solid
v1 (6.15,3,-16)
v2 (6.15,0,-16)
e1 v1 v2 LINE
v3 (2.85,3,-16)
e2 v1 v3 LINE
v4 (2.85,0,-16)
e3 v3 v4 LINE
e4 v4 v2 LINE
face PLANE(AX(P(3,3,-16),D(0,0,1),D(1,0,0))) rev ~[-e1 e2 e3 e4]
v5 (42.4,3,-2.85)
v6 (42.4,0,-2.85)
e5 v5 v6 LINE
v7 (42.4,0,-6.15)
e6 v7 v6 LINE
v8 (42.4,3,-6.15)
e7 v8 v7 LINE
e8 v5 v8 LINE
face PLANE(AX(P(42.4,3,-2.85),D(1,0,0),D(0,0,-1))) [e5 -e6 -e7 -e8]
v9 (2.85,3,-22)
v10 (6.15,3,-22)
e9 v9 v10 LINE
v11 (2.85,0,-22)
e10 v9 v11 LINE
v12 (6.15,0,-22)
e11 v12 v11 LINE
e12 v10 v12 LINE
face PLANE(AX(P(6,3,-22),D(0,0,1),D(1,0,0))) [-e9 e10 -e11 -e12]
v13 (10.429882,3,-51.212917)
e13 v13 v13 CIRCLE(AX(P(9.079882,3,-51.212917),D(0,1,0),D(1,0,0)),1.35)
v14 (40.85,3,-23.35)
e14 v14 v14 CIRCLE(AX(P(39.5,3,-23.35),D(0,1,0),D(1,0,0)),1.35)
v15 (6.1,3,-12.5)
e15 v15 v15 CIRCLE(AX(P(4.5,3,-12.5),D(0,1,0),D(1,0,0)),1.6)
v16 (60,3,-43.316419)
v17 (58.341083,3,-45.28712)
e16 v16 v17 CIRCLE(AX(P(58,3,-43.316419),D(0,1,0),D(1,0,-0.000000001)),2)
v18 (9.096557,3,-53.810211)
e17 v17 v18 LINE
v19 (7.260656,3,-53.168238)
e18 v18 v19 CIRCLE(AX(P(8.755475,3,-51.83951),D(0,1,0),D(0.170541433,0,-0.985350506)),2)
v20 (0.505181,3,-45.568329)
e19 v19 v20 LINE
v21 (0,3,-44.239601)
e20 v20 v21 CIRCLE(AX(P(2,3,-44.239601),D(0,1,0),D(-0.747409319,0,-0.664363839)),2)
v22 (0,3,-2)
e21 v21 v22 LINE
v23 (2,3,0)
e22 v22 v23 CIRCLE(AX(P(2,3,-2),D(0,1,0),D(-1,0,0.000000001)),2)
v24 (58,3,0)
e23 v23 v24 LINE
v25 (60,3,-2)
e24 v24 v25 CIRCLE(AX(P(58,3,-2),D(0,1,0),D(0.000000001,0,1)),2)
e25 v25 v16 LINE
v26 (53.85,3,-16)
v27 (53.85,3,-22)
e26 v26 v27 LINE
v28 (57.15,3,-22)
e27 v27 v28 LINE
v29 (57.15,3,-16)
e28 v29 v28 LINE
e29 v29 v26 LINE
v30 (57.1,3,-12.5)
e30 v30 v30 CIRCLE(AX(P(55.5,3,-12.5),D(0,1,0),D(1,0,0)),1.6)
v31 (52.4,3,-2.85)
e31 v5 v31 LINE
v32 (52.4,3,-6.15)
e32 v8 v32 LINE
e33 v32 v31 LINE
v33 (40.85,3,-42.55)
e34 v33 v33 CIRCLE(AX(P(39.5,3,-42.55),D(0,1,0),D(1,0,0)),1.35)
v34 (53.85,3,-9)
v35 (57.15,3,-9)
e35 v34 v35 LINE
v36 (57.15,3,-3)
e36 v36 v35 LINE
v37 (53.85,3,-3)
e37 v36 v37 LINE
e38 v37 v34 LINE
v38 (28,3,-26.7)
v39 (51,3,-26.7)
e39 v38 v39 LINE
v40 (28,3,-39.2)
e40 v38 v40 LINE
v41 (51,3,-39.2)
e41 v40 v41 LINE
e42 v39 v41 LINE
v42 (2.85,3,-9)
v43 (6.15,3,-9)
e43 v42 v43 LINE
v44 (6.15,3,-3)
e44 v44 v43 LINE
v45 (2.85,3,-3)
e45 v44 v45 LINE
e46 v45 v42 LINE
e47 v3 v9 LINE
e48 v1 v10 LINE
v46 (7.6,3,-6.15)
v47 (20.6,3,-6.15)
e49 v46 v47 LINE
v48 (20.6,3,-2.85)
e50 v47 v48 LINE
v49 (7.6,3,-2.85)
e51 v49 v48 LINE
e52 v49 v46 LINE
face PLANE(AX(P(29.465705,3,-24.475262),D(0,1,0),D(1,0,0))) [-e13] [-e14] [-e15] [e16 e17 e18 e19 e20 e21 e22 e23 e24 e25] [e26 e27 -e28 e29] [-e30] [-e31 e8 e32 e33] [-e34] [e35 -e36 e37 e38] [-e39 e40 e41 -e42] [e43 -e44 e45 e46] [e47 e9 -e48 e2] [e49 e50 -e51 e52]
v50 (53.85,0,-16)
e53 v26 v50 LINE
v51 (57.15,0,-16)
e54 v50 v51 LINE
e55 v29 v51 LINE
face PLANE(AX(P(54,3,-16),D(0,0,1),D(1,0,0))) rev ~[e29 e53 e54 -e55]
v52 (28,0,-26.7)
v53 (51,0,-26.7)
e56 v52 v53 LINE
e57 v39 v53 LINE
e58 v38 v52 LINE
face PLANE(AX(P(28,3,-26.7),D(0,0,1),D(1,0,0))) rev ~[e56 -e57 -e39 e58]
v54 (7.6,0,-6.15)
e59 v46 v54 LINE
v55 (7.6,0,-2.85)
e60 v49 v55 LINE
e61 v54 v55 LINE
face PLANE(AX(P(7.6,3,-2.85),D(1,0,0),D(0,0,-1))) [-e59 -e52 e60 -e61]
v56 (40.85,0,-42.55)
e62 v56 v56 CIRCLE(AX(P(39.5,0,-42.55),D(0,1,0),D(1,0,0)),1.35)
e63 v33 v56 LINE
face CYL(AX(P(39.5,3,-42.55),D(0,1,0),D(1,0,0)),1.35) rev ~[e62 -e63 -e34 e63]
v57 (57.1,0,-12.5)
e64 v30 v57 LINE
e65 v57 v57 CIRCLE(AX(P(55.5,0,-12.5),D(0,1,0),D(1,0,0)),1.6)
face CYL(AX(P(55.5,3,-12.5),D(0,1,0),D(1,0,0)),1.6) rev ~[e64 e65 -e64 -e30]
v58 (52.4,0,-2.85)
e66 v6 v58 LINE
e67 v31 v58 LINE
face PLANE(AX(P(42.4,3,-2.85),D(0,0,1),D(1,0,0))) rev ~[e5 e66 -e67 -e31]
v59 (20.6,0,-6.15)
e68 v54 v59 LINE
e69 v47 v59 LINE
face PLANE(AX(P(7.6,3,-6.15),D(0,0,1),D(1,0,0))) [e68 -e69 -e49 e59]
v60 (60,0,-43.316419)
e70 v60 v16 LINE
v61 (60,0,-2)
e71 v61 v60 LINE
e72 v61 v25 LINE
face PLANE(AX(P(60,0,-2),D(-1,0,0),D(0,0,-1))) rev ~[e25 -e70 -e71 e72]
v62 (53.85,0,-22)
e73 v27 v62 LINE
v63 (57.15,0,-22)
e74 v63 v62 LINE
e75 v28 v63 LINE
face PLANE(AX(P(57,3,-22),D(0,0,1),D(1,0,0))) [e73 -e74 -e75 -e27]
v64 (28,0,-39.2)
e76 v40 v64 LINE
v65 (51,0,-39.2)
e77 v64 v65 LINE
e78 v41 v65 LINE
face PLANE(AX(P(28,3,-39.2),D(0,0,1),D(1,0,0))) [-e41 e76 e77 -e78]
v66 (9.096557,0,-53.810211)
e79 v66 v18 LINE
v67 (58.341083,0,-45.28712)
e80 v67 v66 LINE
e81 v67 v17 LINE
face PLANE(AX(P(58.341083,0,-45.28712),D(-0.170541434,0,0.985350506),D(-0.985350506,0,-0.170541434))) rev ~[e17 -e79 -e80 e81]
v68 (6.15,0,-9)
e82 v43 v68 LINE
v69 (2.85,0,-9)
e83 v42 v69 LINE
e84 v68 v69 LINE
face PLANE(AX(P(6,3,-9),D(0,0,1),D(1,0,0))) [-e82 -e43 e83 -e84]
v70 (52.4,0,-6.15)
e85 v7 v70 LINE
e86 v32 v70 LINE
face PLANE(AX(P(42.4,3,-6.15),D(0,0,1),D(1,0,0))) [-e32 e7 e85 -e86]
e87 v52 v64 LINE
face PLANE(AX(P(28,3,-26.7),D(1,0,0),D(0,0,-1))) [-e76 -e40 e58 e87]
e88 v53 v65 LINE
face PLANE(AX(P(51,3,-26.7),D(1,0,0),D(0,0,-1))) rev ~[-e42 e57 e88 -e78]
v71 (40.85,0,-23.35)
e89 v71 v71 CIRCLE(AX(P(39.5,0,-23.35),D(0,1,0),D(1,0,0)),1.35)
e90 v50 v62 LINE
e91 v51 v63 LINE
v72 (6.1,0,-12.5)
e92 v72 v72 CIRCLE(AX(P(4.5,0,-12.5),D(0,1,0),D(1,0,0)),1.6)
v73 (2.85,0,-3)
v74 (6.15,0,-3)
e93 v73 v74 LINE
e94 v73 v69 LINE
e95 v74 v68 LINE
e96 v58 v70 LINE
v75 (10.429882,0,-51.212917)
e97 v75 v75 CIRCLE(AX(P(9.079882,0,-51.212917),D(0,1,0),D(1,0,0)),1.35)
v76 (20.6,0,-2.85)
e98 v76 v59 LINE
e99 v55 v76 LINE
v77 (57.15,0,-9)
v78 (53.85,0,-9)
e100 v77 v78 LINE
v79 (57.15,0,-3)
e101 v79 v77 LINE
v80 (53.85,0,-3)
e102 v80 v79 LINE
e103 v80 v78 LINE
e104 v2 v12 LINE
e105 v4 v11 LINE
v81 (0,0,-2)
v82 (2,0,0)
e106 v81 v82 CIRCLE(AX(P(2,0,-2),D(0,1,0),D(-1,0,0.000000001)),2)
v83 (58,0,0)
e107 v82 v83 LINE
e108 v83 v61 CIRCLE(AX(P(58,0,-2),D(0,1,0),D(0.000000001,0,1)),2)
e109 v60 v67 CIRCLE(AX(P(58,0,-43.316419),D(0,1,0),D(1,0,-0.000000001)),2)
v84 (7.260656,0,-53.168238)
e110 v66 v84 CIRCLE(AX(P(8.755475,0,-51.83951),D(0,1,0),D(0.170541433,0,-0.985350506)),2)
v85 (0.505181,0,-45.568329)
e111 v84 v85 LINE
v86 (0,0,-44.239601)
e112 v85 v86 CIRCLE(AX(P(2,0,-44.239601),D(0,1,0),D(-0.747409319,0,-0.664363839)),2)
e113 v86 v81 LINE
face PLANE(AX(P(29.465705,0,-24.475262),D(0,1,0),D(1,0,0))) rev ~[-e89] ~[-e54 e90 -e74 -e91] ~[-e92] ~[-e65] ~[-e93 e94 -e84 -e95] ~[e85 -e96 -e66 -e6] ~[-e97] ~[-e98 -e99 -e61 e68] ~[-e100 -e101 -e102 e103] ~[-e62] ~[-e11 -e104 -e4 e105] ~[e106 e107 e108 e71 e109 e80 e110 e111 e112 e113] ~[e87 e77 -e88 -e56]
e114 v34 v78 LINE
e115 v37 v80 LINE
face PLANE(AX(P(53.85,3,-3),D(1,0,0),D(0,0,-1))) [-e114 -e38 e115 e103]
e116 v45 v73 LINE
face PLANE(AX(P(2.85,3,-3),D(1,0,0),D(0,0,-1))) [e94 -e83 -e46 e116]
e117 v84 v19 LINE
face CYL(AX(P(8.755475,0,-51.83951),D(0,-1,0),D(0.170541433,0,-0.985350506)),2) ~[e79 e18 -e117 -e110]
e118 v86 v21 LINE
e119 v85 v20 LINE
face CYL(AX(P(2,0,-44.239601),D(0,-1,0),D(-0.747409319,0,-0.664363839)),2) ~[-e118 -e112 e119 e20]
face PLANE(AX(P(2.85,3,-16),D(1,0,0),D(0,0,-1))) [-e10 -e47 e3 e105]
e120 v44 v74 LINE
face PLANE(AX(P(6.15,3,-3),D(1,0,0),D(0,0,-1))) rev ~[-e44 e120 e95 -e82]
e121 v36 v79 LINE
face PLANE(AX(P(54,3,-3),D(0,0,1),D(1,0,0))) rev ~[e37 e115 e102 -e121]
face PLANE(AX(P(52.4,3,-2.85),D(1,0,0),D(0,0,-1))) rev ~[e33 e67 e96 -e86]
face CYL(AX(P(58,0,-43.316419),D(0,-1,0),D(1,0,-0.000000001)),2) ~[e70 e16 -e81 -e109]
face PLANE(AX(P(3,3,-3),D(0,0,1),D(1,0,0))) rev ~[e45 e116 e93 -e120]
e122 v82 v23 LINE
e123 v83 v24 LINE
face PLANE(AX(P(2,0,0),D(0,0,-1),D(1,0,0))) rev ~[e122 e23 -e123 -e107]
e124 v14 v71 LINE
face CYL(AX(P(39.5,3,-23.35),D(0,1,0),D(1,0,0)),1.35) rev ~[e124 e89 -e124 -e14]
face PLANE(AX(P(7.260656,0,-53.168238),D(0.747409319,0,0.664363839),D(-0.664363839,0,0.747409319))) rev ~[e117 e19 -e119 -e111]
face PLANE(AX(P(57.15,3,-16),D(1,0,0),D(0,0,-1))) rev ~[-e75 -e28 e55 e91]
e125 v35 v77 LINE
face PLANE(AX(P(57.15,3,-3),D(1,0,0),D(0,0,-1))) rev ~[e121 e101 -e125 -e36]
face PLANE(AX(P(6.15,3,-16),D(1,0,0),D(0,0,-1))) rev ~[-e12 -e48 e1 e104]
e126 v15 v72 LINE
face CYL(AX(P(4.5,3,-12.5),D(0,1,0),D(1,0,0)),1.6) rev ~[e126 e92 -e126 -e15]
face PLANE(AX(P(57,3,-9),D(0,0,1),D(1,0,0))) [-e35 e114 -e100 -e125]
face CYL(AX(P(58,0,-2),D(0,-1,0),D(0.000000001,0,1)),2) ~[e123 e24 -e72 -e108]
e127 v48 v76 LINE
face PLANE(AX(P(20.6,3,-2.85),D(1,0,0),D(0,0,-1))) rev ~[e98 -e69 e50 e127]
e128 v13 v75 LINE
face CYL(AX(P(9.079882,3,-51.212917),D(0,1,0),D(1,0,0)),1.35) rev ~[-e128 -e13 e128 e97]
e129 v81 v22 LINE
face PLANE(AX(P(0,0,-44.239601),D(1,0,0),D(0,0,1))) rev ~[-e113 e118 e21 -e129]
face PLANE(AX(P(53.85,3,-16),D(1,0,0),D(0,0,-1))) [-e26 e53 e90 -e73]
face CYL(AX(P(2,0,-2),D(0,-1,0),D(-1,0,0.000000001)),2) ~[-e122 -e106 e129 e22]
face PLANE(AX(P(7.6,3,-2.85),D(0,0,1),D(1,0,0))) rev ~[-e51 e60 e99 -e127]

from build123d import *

# Parameters (mm, degrees)
BOSS_EXTRUDE1_DEPTH = 3
SKETCH2_R           = 1.35
SKETCH2_R_2         = 1.6
SKETCH2_W           = 3
SKETCH2_H           = 6
SKETCH2_W_2         = 13
SKETCH2_H_2         = 3
SKETCH2_W_3         = 10
SKETCH2_W_4         = 23
SKETCH2_H_3         = 12.5
MAIN_HOLES_DEPTH    = 4
SKETCH3_W           = 0.15
SKETCH3_H           = 6
SKETCH3_W_2         = 10
SKETCH3_H_2         = 0.15
SKETCH3_W_3         = 13
TOLERANCE_DEPTH     = 4


with BuildPart() as part:
    # Sketch1 → Boss-Extrude1 (new body)
    with BuildSketch(Plane(origin=(0, 0, 0), x_dir=(1, 0, 0), z_dir=(0, 1, 0))):
        with BuildLine():
            Line((58.341082867, 45.287120273), (9.096557402, 53.810211219))
            ThreePointArc((9.096557402, 53.810211219), (8.095316223, 53.72741672), (7.260655898, 53.168237885))
            Line((7.260655898, 53.168237885), (0.505181363, 45.568329033))
            ThreePointArc((0.505181363, 45.568329033), (0.130556597, 44.95036247), (0, 44.239601355))
            Line((0, 44.239601355), (0, 2))
            ThreePointArc((0, 2), (0.585786438, 0.585786438), (2, 0))
            Line((2, 0), (58, 0))
            ThreePointArc((58, 0), (59.414213562, 0.585786438), (60, 2))
            Line((60, 2), (60, 43.316419261))
            ThreePointArc((60, 43.316419261), (59.530059759, 44.604408831), (58.341082867, 45.287120273))
        make_face()
    extrude(amount=BOSS_EXTRUDE1_DEPTH)

    # Sketch2 → Main Holes (cut, through all)
    with BuildSketch(Plane(origin=(0, 3, 0), x_dir=(1, 0, 0), z_dir=(0, 1, 0))):
        with Locations((9.079882179, 51.212916529)):
            Circle(SKETCH2_R)
        with Locations((39.5, 42.55)):
            Circle(SKETCH2_R)
        with Locations((39.5, 23.35)):
            Circle(SKETCH2_R)
        with Locations((55.5, 12.5)):
            Circle(SKETCH2_R_2)
        with Locations((4.5, 12.5)):
            Circle(SKETCH2_R_2)
        with Locations((4.5, 6)):
            Rectangle(SKETCH2_W, SKETCH2_H)
        with Locations((4.5, 19)):
            Rectangle(SKETCH2_W, SKETCH2_H)
        with Locations((55.5, 6)):
            Rectangle(SKETCH2_W, SKETCH2_H)
        with Locations((55.5, 19)):
            Rectangle(SKETCH2_W, SKETCH2_H)
        with Locations((14.1, 4.5)):
            Rectangle(SKETCH2_W_2, SKETCH2_H_2)
        with Locations((47.4, 4.5)):
            Rectangle(SKETCH2_W_3, SKETCH2_H_2)
        with Locations((39.5, 32.95)):
            Rectangle(SKETCH2_W_4, SKETCH2_H_3)
    extrude(amount=-MAIN_HOLES_DEPTH, mode=Mode.SUBTRACT)

    # Sketch3 → Tolerance (cut, through all)
    with BuildSketch(Plane(origin=(0, 3, 0), x_dir=(1, 0, 0), z_dir=(0, 1, 0))):
        with Locations((6.075, 19)):
            Rectangle(SKETCH3_W, SKETCH3_H)
        with Locations((2.925, 19)):
            Rectangle(SKETCH3_W, SKETCH3_H)
        with Locations((6.075, 6)):
            Rectangle(SKETCH3_W, SKETCH3_H)
        with Locations((2.925, 6)):
            Rectangle(SKETCH3_W, SKETCH3_H)
        with Locations((57.075, 6)):
            Rectangle(SKETCH3_W, SKETCH3_H)
        with Locations((53.925, 6)):
            Rectangle(SKETCH3_W, SKETCH3_H)
        with Locations((57.075, 19)):
            Rectangle(SKETCH3_W, SKETCH3_H)
        with Locations((53.925, 19)):
            Rectangle(SKETCH3_W, SKETCH3_H)
        with Locations((47.4, 6.075)):
            Rectangle(SKETCH3_W_2, SKETCH3_H_2)
        with Locations((47.4, 2.925)):
            Rectangle(SKETCH3_W_2, SKETCH3_H_2)
        with Locations((14.1, 6.075)):
            Rectangle(SKETCH3_W_3, SKETCH3_H_2)
        with Locations((14.1, 2.925)):
            Rectangle(SKETCH3_W_3, SKETCH3_H_2)
    extrude(amount=-TOLERANCE_DEPTH, mode=Mode.SUBTRACT)


solid = part.part
